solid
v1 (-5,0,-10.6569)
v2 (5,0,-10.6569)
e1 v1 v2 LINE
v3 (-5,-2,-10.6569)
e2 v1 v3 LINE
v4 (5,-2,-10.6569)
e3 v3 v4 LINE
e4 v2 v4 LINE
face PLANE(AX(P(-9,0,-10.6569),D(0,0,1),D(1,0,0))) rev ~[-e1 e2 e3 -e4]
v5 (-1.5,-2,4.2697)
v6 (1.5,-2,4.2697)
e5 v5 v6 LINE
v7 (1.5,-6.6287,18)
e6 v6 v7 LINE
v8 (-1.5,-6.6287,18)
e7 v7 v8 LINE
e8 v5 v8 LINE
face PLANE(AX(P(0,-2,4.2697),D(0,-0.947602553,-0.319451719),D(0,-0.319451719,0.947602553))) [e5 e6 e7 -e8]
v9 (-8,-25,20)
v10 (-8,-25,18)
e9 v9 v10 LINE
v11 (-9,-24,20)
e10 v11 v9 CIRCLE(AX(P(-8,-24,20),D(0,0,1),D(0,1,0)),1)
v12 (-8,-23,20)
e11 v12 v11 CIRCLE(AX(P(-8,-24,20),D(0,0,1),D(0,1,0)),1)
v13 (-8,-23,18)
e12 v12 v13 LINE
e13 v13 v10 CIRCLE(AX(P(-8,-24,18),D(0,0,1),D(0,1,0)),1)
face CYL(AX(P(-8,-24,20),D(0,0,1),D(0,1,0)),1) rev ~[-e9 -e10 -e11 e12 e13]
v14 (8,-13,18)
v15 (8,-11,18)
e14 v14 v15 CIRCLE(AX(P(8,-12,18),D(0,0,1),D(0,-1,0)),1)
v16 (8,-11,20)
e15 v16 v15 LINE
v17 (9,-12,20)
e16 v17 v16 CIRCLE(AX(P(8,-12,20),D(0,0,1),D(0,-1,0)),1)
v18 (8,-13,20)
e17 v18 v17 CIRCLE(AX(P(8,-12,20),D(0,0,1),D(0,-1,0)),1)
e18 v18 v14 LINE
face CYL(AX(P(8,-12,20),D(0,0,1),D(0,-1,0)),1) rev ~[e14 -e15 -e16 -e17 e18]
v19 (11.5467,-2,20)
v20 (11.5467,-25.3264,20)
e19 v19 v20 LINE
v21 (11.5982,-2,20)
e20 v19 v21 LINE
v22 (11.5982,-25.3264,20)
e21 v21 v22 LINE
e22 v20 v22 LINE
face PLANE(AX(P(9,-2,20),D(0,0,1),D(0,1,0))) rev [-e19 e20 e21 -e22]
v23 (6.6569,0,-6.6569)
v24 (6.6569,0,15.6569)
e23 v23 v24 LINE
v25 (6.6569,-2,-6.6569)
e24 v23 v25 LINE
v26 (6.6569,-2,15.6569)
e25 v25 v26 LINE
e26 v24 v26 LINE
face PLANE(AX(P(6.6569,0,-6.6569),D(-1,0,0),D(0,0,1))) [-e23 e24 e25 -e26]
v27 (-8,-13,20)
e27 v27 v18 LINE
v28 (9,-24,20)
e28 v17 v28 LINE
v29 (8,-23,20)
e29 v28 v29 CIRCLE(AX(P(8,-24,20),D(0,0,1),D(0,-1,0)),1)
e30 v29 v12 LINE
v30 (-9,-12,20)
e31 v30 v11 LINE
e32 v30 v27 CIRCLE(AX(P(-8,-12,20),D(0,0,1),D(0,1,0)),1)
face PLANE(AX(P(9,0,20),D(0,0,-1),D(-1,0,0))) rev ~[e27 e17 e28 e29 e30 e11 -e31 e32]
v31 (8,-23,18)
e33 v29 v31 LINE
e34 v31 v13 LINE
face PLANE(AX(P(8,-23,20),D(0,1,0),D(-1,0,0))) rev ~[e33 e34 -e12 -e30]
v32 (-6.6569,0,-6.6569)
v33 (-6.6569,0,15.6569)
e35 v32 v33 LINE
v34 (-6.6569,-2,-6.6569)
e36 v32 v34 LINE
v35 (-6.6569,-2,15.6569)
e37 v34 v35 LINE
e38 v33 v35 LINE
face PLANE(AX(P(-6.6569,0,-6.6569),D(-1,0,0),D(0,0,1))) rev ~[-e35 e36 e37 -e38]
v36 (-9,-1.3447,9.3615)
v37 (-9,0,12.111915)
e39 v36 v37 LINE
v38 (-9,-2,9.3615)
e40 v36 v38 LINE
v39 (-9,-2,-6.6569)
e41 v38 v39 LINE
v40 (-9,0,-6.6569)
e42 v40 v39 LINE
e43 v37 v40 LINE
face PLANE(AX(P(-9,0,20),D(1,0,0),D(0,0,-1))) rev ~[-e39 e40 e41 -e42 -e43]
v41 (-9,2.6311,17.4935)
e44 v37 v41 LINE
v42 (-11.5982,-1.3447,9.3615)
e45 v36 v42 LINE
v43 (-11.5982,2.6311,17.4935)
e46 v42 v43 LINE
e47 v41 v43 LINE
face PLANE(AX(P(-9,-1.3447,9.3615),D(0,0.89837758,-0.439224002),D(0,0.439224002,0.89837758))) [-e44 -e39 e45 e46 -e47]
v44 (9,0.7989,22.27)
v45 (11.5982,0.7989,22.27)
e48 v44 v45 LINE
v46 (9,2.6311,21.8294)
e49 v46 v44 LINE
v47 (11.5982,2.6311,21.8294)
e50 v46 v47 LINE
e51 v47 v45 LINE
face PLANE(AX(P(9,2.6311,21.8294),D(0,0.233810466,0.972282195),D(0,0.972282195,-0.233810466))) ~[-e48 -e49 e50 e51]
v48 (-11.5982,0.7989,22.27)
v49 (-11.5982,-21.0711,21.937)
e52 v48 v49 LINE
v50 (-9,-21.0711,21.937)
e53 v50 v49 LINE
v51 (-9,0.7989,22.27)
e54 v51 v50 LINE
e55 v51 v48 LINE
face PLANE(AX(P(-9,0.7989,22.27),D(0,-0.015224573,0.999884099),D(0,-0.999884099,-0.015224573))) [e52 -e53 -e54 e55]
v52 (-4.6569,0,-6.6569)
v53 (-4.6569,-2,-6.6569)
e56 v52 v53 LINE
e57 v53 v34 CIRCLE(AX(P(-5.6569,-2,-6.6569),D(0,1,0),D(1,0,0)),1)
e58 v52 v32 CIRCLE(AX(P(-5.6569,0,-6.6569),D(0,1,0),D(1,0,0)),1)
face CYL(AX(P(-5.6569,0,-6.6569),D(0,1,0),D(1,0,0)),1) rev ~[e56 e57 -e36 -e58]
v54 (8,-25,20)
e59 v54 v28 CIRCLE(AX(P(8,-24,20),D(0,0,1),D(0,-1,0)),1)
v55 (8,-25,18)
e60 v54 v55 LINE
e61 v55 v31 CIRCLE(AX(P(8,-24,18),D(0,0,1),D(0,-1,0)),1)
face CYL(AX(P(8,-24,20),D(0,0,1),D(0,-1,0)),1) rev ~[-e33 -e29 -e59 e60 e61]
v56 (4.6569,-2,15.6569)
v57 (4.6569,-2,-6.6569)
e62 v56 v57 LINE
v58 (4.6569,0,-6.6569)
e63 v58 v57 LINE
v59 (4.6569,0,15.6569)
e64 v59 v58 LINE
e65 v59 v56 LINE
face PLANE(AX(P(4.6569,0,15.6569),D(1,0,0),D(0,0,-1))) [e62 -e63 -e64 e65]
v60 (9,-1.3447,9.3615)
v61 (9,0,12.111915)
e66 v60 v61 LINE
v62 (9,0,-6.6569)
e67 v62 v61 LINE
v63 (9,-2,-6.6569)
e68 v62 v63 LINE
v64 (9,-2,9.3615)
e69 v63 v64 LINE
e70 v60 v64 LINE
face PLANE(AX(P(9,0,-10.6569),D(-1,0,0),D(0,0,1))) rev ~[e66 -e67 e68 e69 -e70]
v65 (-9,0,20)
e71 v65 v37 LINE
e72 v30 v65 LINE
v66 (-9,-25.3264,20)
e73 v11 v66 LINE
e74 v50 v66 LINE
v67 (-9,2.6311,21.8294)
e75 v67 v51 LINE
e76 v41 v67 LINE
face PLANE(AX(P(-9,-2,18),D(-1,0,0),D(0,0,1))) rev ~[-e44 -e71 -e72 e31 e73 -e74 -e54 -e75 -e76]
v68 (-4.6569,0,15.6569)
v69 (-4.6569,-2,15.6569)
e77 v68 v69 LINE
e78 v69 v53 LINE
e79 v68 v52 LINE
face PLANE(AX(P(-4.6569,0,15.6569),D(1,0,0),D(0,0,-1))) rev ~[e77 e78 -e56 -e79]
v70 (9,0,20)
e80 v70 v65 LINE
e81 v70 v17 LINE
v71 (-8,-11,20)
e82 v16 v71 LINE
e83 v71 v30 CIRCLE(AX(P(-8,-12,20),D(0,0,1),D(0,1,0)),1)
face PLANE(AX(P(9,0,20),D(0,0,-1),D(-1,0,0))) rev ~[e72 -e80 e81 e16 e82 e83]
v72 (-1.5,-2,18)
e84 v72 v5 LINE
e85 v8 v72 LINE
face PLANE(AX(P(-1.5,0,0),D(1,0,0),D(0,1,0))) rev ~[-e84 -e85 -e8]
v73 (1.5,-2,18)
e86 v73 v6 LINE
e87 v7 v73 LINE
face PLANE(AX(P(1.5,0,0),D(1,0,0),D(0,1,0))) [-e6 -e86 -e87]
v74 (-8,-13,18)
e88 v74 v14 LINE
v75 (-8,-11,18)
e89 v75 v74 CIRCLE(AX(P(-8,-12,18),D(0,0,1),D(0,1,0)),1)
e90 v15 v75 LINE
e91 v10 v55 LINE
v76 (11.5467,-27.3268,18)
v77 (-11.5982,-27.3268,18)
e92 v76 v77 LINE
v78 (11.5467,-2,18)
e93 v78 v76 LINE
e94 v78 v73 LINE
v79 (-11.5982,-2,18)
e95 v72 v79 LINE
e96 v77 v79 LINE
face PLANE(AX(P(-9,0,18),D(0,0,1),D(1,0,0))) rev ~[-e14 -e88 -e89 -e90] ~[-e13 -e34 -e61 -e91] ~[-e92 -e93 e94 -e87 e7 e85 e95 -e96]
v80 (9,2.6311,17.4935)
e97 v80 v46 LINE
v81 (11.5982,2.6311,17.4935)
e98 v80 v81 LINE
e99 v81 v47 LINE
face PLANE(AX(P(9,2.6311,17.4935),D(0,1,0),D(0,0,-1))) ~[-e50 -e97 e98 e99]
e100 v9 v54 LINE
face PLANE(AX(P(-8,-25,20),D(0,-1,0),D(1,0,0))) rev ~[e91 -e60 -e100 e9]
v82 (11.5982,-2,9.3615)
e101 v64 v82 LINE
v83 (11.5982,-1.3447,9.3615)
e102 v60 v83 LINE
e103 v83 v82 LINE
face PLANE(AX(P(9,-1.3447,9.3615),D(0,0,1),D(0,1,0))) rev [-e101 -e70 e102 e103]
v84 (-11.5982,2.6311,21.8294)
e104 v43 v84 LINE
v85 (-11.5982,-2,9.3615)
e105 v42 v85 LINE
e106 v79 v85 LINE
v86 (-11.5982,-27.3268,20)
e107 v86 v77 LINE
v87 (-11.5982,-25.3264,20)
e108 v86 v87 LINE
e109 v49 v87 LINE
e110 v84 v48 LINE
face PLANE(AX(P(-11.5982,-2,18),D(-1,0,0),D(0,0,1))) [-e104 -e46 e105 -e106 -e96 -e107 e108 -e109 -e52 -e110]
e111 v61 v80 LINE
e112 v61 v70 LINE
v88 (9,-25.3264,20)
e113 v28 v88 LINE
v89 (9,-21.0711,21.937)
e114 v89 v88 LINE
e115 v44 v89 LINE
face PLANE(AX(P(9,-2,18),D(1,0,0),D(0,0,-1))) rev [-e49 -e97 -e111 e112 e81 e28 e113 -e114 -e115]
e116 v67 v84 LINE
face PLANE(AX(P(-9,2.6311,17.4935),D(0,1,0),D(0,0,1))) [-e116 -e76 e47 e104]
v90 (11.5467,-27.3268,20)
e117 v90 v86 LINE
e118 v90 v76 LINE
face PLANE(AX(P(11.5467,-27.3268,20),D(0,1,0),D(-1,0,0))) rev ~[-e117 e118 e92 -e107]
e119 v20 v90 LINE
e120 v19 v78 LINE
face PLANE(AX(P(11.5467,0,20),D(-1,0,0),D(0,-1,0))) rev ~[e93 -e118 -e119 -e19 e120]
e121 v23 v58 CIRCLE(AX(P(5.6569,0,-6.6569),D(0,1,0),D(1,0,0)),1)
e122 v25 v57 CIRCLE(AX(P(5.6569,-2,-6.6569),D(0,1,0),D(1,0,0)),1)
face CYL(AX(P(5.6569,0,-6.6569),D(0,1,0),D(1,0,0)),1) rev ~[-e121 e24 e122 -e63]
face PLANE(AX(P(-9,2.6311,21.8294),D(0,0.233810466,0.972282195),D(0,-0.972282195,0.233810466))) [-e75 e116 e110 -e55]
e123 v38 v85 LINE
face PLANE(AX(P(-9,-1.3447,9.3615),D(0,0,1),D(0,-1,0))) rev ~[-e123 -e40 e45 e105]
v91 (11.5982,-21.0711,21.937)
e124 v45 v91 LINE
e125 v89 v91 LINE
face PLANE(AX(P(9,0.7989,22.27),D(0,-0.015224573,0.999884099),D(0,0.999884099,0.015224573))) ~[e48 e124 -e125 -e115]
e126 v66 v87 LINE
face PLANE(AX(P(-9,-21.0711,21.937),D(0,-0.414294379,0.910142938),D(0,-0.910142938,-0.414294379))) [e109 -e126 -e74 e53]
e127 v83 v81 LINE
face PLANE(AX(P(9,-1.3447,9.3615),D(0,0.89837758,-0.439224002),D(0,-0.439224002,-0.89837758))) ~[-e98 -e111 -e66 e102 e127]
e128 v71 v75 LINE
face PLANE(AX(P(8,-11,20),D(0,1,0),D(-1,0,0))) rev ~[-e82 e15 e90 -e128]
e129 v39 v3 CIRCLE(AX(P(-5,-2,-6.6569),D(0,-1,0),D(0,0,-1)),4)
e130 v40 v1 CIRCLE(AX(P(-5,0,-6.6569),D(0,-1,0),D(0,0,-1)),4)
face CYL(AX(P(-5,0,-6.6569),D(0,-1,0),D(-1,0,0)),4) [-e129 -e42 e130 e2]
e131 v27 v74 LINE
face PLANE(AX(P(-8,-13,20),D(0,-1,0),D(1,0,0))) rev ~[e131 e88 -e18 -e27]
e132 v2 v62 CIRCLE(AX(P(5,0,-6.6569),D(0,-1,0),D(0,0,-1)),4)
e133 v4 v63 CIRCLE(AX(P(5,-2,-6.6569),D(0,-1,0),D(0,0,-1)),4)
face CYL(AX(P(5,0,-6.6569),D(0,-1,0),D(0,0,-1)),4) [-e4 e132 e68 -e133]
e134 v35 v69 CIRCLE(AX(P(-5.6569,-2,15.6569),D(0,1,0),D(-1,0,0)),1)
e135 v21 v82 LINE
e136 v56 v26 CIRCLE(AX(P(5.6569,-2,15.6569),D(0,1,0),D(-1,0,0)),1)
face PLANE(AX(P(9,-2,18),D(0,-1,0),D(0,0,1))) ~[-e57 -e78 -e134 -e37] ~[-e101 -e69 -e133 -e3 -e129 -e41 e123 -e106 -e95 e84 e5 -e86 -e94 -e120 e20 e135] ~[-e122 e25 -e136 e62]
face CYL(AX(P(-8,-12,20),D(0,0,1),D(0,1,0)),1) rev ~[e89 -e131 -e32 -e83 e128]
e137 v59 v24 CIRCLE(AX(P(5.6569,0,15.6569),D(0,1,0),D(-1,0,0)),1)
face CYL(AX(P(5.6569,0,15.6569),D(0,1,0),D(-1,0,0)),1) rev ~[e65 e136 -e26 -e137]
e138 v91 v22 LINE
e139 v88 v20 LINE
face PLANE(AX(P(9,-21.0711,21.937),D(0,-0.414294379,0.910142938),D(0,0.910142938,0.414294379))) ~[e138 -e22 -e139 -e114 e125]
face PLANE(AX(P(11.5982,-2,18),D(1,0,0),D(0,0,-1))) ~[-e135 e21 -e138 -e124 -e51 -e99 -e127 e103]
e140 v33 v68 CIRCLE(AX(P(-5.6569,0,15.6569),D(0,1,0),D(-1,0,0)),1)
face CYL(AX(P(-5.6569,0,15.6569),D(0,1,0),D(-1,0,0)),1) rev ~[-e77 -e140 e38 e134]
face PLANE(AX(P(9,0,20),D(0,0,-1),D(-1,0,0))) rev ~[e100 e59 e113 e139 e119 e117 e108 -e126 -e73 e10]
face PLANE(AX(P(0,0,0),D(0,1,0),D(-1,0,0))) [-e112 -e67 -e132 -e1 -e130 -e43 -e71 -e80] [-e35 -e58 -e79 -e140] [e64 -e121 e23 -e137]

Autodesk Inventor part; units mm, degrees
ref_plane "XY Plane" through (0, 0, 0) normal (0, 0, 1) x (1, 0, 0)
sketch "Sketch1" plane through (0, 0, 0) normal (0, 1, 0) x (-1, 0, 0)
  line L0 (-9, 20) -> (9, 20)
  line L1 (9, 20) -> (9, -10.6569)
  line L2 (9, -10.6569) -> (-9, -10.6569)
  line L3 (-9, -10.6569) -> (-9, 20)
  line L4 (-9, 20) -> (9, -10.6569) construction
  line L5 (9, 20) -> (-9, -10.6569) construction
  line L6 (0, -28.0453) -> (0, 28.0076) construction
  line L7 (-14.8076, 0) -> (25.8453, 0) construction
  line L8 (0, 0) -> (20.0378, -20.0378) construction
  line L9 (5.6569, -7.6569) -> (5.6569, 16.6569) construction
  line L10 (6.6569, -6.6569) -> (6.6569, 15.6569)
  line L11 (4.6569, 15.6569) -> (4.6569, -6.6569)
  arc A0 (4.6569, -6.6569) -> (6.6569, -6.6569) centre (5.6569, -6.6569) ccw
  arc A1 (6.6569, 15.6569) -> (4.6569, 15.6569) centre (5.6569, 15.6569) ccw
  line L12 (0, 0) -> (13.8345, 13.8345) construction
  line L13 (-5.6569, -7.6569) -> (-5.6569, 16.6569) construction
  line L14 (-6.6569, -6.6569) -> (-6.6569, 15.6569)
  line L15 (-4.6569, 15.6569) -> (-4.6569, -6.6569)
  arc A2 (-6.6569, -6.6569) -> (-4.6569, -6.6569) centre (-5.6569, -6.6569) ccw
  arc A3 (-4.6569, 15.6569) -> (-6.6569, 15.6569) centre (-5.6569, 15.6569) ccw
  point P0 (0, 4.6716)
  point P1 (0, 4.6716)
  point P2 (5.6569, -5.6569)
  point P3 (5.6569, 4.5)
  point P4 (5.6569, 5.6569)
  point P5 (-5.6569, -5.6569)
  point P6 (-5.6569, 4.5)
  point P7 (-5.6569, 5.6569)
  dimension "d34" = 18
  dimension "d35" = 45
  dimension "d36" = 8
  dimension "d37" = 2
  dimension "d38" = 1
  dimension "d40" = 45
  dimension "d41" = 10
  dimension "d42" = 4
  dimension "d43" = 20
extrude "Extrusion1" add sketch "Sketch1" against normal blind 2
sketch "Sketch5" plane through (-9, 0, 20) normal (0, 0, 1) x (1, 0, 0)
  line L0 (-2.5982, 0) -> (20.5467, 0)
  line L1 (20.5467, 0) -> (20.5467, -27.3268)
  line L2 (20.5467, -27.3268) -> (-2.5982, -27.3268)
  line L3 (-2.5982, -27.3268) -> (-2.5982, 0)
  line L4 (18, 0) -> (18, -2) construction
  line L5 (0, 0) -> (0, -2) projected
  line L6 (1, -24) -> (17, -24) construction
  line L7 (1, -25) -> (17, -25)
  line L8 (17, -23) -> (1, -23)
  arc A0 (1, -23) -> (1, -25) centre (1, -24) ccw
  arc A1 (17, -25) -> (17, -23) centre (17, -24) ccw
  line L9 (1, -12) -> (17, -12) construction
  line L10 (1, -13) -> (17, -13)
  line L11 (17, -11) -> (1, -11)
  arc A2 (1, -11) -> (1, -13) centre (1, -12) ccw
  arc A3 (17, -13) -> (17, -11) centre (17, -12) ccw
  line L12 (0, -2) -> (18, -2) projected
  point P0 (9, 0)
  point P1 (9, -24)
  point P2 (9, -12)
  dimension "d56" = 2
  dimension "d57" = 2
  dimension "d58" = 12
  dimension "d59" = 8
  dimension "d62" = 10
extrude "Extrusion5" add sketch "Sketch5" against normal blind 2
ref_plane "Work Plane1" through (-8, -18, 20) normal (0, -1, 0) x (1, 0, 0)
fillet "Fillet2" radius 4 2 edges at (-9, -1, -10.6569) (9, -1, -10.6569)
sketch "Sketch6" plane through (0, 0, 0) normal (1, 0, 0) x (0, 1, 0)
  line L0 (-2, 4.2697) -> (-6.6287, 18)
  line L1 (-6.6287, 18) -> (-2, 18)
  line L2 (-2, 18) -> (-2, -6.6569) projected
  line L3 (-2, 18) -> (-2, 4.2697)
  point P0 (0, 0)
extrude "Extrusion6" add sketch "Sketch6" along normal mid plane 3
sketch "Sketch7" plane through (-9, -2, 18) normal (-1, 0, 0) x (0, 0, 1)
  line L0 (-8.6385, 0.6553) -> (-0.5065, 4.6311)
  line L1 (-0.5065, 4.6311) -> (3.8294, 4.6311)
  line L2 (3.8294, 4.6311) -> (4.27, 2.7989)
  line L3 (4.27, 2.7989) -> (3.937, -19.0711)
  line L4 (3.937, -19.0711) -> (2, -23.3264)
  line L5 (-8.6385, 0.6553) -> (-8.6385, 0)
  line L6 (2, 0) -> (2, -23.3264)
  line L7 (2, 0) -> (-8.6385, 0)
  line L8 (0, 0) -> (-24.6569, 0) projected
  point P0 (-18, 2)
  point P1 (2, 2)
extrude "Extrusion7" add sketch "Sketch7" along normal up to surface (2.5982 mm away)
mirror "Mirror1" about plane through (0, 0, 0) normal (1, 0, 0) of "Extrusion7"
properties part number "gimbal_pitch_brushless" material "ABS Plastic"
